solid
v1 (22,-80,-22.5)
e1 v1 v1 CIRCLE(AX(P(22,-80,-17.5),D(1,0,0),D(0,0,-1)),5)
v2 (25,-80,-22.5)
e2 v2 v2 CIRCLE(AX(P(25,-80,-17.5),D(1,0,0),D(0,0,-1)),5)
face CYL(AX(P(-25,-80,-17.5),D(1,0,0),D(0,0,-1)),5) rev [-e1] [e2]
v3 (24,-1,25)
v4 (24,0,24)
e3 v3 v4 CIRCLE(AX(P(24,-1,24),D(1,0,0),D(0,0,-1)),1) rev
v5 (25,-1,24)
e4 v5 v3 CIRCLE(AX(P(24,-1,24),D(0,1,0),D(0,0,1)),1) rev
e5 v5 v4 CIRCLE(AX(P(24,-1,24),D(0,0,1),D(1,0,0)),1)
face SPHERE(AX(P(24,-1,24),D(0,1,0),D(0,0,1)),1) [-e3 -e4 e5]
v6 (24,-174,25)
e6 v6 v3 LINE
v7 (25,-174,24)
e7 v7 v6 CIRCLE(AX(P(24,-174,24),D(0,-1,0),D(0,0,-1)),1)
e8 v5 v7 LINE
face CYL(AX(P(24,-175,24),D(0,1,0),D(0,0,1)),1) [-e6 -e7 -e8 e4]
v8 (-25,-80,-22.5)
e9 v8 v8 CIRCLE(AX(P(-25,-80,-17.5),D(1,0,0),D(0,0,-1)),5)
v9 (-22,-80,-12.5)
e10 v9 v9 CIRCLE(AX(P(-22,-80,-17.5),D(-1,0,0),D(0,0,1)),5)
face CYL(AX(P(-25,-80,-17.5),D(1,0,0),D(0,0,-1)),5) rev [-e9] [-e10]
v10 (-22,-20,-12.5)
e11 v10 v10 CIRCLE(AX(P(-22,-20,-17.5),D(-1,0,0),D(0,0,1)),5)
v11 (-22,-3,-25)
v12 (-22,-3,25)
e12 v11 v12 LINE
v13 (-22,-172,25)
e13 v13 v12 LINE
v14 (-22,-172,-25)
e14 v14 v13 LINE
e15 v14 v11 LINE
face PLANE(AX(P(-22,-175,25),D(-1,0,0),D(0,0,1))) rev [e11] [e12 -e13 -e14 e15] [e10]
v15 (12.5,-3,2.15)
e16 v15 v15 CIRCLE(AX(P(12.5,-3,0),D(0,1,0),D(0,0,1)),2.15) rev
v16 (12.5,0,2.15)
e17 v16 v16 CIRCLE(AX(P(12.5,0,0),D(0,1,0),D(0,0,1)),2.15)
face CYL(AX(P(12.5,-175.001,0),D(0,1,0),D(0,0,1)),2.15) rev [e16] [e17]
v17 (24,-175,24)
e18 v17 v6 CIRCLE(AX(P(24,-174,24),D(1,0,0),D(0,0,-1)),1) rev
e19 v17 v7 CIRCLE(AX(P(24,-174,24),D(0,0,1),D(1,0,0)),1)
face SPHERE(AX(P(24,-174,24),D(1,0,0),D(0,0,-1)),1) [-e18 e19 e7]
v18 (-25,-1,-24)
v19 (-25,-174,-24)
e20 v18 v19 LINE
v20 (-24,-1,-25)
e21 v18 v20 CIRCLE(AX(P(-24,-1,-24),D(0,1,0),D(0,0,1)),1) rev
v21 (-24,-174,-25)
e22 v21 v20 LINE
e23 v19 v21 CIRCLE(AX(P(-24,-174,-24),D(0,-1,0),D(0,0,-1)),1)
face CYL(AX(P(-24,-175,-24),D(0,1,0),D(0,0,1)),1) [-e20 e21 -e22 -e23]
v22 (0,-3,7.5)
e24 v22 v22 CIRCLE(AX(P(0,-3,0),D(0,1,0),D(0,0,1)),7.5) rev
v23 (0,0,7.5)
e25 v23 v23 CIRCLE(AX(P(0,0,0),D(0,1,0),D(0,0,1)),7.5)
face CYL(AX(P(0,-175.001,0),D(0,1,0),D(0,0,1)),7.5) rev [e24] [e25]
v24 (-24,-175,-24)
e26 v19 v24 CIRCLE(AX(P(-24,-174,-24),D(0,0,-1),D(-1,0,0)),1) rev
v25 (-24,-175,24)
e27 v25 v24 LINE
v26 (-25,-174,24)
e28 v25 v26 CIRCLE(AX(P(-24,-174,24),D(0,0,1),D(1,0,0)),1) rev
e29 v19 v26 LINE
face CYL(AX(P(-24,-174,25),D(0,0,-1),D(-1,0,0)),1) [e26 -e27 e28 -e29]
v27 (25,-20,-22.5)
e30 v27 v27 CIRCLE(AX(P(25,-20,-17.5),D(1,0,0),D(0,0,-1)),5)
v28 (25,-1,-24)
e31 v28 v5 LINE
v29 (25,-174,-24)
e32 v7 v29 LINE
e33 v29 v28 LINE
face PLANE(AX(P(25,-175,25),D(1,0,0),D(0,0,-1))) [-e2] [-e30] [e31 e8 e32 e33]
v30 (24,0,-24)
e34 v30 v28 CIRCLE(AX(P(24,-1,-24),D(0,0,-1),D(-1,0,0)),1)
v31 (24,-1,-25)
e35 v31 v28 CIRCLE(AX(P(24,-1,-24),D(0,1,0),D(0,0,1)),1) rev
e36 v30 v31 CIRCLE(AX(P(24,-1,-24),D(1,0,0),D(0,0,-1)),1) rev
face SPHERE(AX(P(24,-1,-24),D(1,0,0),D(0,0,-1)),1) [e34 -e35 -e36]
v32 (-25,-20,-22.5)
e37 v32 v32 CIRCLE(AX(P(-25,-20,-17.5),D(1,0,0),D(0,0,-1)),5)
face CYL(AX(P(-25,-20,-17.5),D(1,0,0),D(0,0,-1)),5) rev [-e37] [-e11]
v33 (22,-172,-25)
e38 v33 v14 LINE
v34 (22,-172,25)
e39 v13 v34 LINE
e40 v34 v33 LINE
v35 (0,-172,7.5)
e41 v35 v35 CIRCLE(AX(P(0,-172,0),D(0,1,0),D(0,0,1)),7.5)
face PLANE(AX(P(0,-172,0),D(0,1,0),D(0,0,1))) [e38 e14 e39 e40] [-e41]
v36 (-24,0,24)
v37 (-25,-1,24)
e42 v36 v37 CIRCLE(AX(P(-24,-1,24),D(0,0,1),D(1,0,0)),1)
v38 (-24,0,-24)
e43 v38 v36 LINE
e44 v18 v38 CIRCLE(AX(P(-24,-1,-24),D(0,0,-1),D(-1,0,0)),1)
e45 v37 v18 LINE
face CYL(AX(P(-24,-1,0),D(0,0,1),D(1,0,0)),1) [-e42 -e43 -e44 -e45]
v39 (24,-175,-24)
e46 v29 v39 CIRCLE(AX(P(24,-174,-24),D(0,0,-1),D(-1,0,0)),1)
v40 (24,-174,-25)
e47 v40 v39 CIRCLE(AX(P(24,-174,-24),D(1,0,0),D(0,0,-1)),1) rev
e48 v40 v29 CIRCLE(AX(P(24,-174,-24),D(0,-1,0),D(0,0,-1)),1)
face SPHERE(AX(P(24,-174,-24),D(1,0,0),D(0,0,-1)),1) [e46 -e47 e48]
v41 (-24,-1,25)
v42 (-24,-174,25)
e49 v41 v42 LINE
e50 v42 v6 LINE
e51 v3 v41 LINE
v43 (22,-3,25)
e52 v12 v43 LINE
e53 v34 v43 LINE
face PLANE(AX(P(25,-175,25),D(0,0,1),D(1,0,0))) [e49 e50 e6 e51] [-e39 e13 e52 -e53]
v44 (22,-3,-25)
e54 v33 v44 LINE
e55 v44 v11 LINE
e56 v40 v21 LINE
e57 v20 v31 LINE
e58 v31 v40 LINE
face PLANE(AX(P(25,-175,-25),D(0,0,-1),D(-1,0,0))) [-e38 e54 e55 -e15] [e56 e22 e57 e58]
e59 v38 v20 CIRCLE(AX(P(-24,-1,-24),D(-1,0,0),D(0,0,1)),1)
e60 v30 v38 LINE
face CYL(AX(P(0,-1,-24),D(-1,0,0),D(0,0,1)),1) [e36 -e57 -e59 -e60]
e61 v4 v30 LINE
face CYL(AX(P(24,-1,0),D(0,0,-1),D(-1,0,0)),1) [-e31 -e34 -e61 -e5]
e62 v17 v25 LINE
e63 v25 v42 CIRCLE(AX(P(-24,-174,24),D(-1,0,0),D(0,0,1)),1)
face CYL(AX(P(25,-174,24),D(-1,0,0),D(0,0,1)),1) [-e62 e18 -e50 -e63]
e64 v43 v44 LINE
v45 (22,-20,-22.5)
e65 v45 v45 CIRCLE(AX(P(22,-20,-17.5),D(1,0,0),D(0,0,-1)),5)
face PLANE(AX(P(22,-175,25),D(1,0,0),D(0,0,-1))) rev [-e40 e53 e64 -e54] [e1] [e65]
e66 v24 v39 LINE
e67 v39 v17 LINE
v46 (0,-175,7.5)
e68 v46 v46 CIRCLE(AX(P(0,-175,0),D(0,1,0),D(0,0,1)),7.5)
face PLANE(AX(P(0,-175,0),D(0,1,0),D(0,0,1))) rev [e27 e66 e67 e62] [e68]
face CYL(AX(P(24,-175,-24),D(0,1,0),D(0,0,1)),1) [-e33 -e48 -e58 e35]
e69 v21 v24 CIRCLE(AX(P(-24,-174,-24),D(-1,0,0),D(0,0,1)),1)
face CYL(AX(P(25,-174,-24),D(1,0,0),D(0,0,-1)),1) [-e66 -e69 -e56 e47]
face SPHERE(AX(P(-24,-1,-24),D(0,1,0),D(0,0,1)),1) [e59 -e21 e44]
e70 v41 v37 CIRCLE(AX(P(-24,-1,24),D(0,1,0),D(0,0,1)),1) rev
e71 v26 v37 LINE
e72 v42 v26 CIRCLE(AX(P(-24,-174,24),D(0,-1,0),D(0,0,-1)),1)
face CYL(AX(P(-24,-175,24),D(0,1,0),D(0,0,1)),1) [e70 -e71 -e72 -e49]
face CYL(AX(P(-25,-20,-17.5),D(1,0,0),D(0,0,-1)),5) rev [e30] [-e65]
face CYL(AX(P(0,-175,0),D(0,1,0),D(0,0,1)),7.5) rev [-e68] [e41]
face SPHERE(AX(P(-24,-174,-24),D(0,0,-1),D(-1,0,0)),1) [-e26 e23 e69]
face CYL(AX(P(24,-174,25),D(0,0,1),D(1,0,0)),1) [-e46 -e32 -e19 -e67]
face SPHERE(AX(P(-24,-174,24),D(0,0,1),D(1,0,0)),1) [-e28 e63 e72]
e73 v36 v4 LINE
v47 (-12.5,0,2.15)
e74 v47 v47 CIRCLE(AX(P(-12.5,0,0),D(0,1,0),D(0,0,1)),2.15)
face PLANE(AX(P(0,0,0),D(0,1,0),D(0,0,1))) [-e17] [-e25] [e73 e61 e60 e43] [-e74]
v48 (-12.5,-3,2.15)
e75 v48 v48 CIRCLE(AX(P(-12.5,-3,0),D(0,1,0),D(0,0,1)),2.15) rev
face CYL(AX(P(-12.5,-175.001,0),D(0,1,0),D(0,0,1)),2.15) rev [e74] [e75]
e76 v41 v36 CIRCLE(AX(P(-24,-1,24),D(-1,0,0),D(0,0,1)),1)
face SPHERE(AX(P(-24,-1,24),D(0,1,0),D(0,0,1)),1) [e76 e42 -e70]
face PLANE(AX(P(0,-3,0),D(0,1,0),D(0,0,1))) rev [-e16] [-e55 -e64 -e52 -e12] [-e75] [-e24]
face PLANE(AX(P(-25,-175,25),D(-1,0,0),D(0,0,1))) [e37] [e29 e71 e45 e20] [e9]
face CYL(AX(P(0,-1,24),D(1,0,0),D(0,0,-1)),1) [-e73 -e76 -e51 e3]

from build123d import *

# Parameters (mm, degrees)
SKETCH1_W           = 50
SKETCH1_H           = 50
BOSS_EXTRUDE1_DEPTH = 175
SHELL1_T            = -3
CUT_EXTRUDE1_REACH  = 180.536
SKETCH2_R           = 7.5
SKETCH2_R_2         = 2.15
SKETCH2_2_R         = 7.5
CUT_EXTRUDE2_DEPTH  = 179.535710714
SKETCH3_R           = 5
CUT_EXTRUDE3_DEPTH  = 184.711730709
FILLET1_R           = 1


with BuildPart() as part:
    # Sketch1 → Boss-Extrude1 (new body)
    with BuildSketch(Plane(origin=(0, 0, 0), x_dir=(1, 0, 0), z_dir=(0, 1, 0))):
        Rectangle(SKETCH1_W, SKETCH1_H)
    extrude(amount=-BOSS_EXTRUDE1_DEPTH)

    # Shell1
    shell1_openings = [part.faces().sort_by_distance(p)[0] for p in [
        (0, -87.5, -25),
        (0, -87.5, 25),
    ]]
    offset(amount=SHELL1_T, openings=shell1_openings, kind=Kind.INTERSECTION)

    # Sketch2 → Cut-Extrude1 (cut, up to next)
    with BuildSketch(Plane(origin=(0, 0, 0), x_dir=(1, 0, 0), z_dir=(0, 1, 0)), mode=Mode.PRIVATE) as cut_extrude1_sk1:
        Circle(SKETCH2_R)
    cut_extrude1_tool1 = extrude(cut_extrude1_sk1.sketch, amount=-CUT_EXTRUDE1_REACH, mode=Mode.PRIVATE) & part.part
    # Sketch2 → Cut-Extrude1 (cut, up to next)
    with BuildSketch(Plane(origin=(0, 0, 0), x_dir=(1, 0, 0), z_dir=(0, 1, 0)), mode=Mode.PRIVATE) as cut_extrude1_sk2:
        with Locations((-12.5, 0)):
            Circle(SKETCH2_R_2)
    cut_extrude1_tool2 = extrude(cut_extrude1_sk2.sketch, amount=-CUT_EXTRUDE1_REACH, mode=Mode.PRIVATE) & part.part
    # Sketch2 → Cut-Extrude1 (cut, up to next)
    with BuildSketch(Plane(origin=(0, 0, 0), x_dir=(1, 0, 0), z_dir=(0, 1, 0)), mode=Mode.PRIVATE) as cut_extrude1_sk3:
        with Locations((12.5, 0)):
            Circle(SKETCH2_R_2)
    cut_extrude1_tool3 = extrude(cut_extrude1_sk3.sketch, amount=-CUT_EXTRUDE1_REACH, mode=Mode.PRIVATE) & part.part
    add(cut_extrude1_tool1.solids().sort_by_distance((0, 0, 0))[0], mode=Mode.SUBTRACT)
    add(cut_extrude1_tool2.solids().sort_by_distance((-12.5, 0, 0))[0], mode=Mode.SUBTRACT)
    add(cut_extrude1_tool3.solids().sort_by_distance((12.5, 0, 0))[0], mode=Mode.SUBTRACT)

    # Sketch2<2> → Cut-Extrude2 (cut, through all)
    with BuildSketch(Plane(origin=(0, 0, 0), x_dir=(1, 0, 0), z_dir=(0, 1, 0))):
        Circle(SKETCH2_2_R)
    extrude(amount=-CUT_EXTRUDE2_DEPTH, mode=Mode.SUBTRACT)

    # Sketch3 → Cut-Extrude3 (cut, through all)
    with BuildSketch(Plane(origin=(25, 0, 0), x_dir=(0, 0, -1), z_dir=(1, 0, 0))):
        with Locations((17.5, -20)):
            Circle(SKETCH3_R)
        with Locations((17.5, -80)):
            Circle(SKETCH3_R)
    extrude(amount=-CUT_EXTRUDE3_DEPTH, mode=Mode.SUBTRACT)

    # Fillet1
    fillet1_edges = [part.edges().sort_by_distance(p)[0] for p in [
        (-25, -175, 0),
        (0, -175, -25),
        (25, -175, 0),
        (0, -175, 25),
        (25, -87.5, -25),
        (0, 0, -25),
        (-25, -87.5, -25),
        (-25, 0, 0),
        (-25, -87.5, 25),
        (25, -87.5, 25),
        (0, 0, 25),
        (25, 0, 0),
    ]]
    fillet(fillet1_edges, radius=FILLET1_R)


solid = part.part
